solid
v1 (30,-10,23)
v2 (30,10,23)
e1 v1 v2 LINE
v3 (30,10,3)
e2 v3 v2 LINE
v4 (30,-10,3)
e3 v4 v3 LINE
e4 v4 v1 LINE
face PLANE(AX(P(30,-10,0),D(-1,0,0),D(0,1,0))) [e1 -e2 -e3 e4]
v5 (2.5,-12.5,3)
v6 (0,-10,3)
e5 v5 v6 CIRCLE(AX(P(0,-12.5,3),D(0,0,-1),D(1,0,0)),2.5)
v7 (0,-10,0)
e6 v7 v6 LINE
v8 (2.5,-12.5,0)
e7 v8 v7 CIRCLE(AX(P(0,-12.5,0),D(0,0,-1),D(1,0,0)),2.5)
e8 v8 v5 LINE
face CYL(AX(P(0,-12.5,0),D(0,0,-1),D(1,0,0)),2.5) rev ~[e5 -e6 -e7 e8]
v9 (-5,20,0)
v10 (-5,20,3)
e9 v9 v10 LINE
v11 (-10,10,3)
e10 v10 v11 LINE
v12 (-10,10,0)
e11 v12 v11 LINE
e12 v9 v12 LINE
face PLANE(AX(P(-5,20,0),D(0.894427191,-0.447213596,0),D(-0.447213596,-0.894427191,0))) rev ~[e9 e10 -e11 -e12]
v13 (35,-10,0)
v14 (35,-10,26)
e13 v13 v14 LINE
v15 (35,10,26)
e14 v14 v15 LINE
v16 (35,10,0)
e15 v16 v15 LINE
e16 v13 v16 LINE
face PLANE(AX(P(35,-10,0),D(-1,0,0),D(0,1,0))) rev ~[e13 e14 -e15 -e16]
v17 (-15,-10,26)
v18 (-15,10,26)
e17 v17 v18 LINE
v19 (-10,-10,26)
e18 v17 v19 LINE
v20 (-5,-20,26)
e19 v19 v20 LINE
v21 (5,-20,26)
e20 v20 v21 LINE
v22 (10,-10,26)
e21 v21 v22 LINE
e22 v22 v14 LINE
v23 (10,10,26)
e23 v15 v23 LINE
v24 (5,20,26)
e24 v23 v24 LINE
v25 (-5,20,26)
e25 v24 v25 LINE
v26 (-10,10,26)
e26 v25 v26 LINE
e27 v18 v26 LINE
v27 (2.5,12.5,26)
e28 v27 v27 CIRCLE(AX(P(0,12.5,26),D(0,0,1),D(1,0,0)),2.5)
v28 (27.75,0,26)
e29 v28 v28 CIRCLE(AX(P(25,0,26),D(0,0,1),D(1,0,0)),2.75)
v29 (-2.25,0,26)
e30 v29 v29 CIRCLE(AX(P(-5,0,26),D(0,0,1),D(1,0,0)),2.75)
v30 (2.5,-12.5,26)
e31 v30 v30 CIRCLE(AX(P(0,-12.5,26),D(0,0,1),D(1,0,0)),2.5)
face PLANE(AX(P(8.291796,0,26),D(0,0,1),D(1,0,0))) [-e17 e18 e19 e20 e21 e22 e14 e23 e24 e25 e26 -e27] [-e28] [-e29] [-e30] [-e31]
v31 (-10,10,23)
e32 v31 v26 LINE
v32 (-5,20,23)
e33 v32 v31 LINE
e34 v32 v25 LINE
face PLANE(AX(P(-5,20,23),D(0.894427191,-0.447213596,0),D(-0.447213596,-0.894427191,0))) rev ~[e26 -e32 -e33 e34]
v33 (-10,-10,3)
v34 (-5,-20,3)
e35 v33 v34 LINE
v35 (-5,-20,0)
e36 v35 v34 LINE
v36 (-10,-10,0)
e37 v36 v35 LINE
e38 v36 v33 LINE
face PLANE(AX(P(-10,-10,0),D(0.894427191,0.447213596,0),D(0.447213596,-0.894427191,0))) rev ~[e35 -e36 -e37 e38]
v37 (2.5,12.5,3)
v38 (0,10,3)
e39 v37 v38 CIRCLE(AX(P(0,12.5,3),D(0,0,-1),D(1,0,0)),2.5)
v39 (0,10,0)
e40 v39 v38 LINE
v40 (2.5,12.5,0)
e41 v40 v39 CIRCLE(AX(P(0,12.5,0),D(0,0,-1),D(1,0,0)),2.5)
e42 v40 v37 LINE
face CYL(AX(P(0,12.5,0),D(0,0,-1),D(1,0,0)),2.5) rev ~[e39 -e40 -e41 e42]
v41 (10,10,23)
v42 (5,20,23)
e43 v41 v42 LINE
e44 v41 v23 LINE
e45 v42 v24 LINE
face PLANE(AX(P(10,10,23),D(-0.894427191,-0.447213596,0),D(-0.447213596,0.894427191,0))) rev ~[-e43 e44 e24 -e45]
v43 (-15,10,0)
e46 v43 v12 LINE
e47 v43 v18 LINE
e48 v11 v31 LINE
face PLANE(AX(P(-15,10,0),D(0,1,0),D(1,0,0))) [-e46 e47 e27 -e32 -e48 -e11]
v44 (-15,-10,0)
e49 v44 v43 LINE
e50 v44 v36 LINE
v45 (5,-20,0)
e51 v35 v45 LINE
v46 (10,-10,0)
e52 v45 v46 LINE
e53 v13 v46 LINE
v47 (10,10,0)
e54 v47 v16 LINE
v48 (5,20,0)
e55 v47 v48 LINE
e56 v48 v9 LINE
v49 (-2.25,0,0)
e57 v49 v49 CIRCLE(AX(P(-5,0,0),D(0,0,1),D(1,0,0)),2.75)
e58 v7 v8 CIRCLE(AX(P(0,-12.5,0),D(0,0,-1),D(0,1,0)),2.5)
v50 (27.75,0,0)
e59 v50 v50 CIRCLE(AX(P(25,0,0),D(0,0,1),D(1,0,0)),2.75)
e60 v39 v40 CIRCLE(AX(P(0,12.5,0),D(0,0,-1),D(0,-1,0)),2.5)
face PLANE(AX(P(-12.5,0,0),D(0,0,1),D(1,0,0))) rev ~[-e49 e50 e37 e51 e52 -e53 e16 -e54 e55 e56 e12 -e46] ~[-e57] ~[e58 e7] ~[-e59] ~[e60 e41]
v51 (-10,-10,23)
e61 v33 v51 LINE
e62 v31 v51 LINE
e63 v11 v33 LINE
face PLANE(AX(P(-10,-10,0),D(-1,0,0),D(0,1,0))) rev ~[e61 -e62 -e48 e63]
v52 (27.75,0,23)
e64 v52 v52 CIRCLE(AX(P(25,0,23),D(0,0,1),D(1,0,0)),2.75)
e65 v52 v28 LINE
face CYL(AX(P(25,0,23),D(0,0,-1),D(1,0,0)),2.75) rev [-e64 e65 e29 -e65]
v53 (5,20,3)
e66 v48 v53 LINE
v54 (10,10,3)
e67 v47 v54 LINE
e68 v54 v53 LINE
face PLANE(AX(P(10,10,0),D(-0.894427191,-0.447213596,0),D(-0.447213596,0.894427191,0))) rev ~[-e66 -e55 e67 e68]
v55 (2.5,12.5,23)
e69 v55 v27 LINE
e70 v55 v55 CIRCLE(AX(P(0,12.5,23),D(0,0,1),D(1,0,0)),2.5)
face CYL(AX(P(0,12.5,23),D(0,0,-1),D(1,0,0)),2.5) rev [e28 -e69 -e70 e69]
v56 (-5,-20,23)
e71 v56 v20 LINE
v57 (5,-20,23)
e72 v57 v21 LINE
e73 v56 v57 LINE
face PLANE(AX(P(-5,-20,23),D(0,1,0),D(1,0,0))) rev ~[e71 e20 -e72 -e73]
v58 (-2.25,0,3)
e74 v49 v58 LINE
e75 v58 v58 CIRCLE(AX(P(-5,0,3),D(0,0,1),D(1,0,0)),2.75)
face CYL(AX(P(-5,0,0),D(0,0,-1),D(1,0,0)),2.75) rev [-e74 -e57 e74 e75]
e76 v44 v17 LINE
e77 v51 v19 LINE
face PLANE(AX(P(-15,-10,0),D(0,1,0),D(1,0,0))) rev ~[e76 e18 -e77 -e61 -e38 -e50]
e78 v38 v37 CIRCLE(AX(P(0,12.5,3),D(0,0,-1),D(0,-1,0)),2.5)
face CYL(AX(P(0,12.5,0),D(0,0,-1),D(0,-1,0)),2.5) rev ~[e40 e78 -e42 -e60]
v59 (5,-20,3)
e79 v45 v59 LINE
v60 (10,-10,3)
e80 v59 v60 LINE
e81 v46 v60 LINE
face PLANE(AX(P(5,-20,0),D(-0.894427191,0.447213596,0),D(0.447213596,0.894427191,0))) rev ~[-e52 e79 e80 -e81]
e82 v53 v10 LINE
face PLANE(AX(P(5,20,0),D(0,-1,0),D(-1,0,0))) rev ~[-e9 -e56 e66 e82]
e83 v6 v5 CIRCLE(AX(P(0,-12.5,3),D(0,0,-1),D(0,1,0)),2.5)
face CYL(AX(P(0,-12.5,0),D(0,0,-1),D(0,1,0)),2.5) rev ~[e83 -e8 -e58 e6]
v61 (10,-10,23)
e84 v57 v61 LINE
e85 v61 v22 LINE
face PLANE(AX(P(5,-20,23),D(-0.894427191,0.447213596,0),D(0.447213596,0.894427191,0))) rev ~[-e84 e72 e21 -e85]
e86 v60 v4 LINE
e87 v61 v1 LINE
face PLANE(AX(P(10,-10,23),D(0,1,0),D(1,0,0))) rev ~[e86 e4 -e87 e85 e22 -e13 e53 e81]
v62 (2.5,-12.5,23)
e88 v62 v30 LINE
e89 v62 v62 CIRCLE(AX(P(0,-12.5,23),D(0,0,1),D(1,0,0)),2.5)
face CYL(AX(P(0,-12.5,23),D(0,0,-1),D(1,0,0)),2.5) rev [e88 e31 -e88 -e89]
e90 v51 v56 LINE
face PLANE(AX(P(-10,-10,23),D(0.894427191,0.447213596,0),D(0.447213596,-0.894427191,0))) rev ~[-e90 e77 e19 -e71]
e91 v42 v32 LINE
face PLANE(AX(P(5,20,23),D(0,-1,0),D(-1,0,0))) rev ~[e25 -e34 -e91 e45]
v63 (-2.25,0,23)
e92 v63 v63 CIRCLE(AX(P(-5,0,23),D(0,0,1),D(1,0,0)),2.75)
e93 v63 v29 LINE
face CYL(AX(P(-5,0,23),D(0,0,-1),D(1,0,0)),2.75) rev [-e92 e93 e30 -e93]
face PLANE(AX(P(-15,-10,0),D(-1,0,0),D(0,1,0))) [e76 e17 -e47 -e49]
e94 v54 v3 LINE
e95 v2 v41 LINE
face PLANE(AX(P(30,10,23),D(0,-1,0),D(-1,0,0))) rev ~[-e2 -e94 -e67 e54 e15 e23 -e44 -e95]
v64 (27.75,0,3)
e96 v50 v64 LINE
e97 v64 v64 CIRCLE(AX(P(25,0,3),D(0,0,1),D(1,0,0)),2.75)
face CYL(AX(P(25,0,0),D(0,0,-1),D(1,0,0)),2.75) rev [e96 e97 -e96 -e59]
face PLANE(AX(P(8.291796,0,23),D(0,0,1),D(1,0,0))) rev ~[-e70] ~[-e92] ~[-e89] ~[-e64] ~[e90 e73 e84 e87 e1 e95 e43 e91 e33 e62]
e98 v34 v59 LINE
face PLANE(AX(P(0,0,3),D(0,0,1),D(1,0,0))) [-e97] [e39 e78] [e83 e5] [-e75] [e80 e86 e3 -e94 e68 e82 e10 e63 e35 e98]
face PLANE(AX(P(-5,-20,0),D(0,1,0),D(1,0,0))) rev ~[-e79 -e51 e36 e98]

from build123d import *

# Parameters (mm, degrees)
F0_R        = 2.75
F0_W        = 20
F0_H        = 20
F1_DEPTH    = 3
F0_W_2      = 5
F2_DEPTH    = 26
F3_START    = 20
F1_FACE_R   = 2.75
F1_FACE_R_2 = 2.5
F3_DEPTH    = 3


with BuildPart() as f1:
    # F0 (on Top) → F1 (new body)
    with BuildSketch(Plane.XY):
        Polygon((0, 10), (-10, 10), (-10, -10), (0, -10), (10, -10), (10, 10), align=None)
        with Locations((-5, 0)):
            Circle(F0_R, mode=Mode.SUBTRACT)
        Polygon((0, -10), (-10, -10), (-5, -20), (5, -20), (10, -10), align=None)
        with BuildLine():
            ThreePointArc((2.5, -12.5), (-1.767766953, -14.267766953), (0, -10))
            ThreePointArc((0, -10), (1.767766953, -10.732233047), (2.5, -12.5))
        make_face(mode=Mode.SUBTRACT)
        Polygon((-5, 20), (-10, 10), (0, 10), (10, 10), (5, 20), align=None)
        with BuildLine():
            ThreePointArc((2.5, 12.5), (1.767766953, 10.732233047), (0, 10))
            ThreePointArc((0, 10), (-1.767766953, 14.267766953), (2.5, 12.5))
        make_face(mode=Mode.SUBTRACT)
        with Locations((20, 0)):
            Rectangle(F0_W, F0_H)
        with Locations((25, 0)):
            Circle(F0_R, mode=Mode.SUBTRACT)
    extrude(amount=F1_DEPTH)

    # F0 (on Top) → F2 (join)
    with BuildSketch(Plane.XY):
        with Locations((-12.5, 0)):
            Rectangle(F0_W_2, F0_H)
        with Locations((32.5, 0)):
            Rectangle(F0_W_2, F0_H)
    extrude(amount=F2_DEPTH)

    # F1_face (on face) → F3 (join)
    with BuildSketch(Plane(origin=(7.4267013707, 0, 3), x_dir=(1, 0, 0), z_dir=(0, 0, 1)).offset(F3_START)):
        Polygon((-17.4267013707, 10), (-17.4267013707, -10), (-12.4267013707, -20), (-2.4267013707, -20), (2.5732986293, -10), (22.5732986293, -10), (22.5732986293, 10), (2.5732986293, 10), (-2.4267013707, 20), (-12.4267013707, 20), align=None)
        with Locations((-12.4267013707, 0)):
            Circle(F1_FACE_R, mode=Mode.SUBTRACT)
        with Locations((-7.4267013707, -12.5)):
            Circle(F1_FACE_R_2, mode=Mode.SUBTRACT)
        with Locations((-7.4267013707, 12.5)):
            Circle(F1_FACE_R_2, mode=Mode.SUBTRACT)
        with Locations((17.5732986293, 0)):
            Circle(F1_FACE_R, mode=Mode.SUBTRACT)
    extrude(amount=F3_DEPTH)


solid = f1.part
